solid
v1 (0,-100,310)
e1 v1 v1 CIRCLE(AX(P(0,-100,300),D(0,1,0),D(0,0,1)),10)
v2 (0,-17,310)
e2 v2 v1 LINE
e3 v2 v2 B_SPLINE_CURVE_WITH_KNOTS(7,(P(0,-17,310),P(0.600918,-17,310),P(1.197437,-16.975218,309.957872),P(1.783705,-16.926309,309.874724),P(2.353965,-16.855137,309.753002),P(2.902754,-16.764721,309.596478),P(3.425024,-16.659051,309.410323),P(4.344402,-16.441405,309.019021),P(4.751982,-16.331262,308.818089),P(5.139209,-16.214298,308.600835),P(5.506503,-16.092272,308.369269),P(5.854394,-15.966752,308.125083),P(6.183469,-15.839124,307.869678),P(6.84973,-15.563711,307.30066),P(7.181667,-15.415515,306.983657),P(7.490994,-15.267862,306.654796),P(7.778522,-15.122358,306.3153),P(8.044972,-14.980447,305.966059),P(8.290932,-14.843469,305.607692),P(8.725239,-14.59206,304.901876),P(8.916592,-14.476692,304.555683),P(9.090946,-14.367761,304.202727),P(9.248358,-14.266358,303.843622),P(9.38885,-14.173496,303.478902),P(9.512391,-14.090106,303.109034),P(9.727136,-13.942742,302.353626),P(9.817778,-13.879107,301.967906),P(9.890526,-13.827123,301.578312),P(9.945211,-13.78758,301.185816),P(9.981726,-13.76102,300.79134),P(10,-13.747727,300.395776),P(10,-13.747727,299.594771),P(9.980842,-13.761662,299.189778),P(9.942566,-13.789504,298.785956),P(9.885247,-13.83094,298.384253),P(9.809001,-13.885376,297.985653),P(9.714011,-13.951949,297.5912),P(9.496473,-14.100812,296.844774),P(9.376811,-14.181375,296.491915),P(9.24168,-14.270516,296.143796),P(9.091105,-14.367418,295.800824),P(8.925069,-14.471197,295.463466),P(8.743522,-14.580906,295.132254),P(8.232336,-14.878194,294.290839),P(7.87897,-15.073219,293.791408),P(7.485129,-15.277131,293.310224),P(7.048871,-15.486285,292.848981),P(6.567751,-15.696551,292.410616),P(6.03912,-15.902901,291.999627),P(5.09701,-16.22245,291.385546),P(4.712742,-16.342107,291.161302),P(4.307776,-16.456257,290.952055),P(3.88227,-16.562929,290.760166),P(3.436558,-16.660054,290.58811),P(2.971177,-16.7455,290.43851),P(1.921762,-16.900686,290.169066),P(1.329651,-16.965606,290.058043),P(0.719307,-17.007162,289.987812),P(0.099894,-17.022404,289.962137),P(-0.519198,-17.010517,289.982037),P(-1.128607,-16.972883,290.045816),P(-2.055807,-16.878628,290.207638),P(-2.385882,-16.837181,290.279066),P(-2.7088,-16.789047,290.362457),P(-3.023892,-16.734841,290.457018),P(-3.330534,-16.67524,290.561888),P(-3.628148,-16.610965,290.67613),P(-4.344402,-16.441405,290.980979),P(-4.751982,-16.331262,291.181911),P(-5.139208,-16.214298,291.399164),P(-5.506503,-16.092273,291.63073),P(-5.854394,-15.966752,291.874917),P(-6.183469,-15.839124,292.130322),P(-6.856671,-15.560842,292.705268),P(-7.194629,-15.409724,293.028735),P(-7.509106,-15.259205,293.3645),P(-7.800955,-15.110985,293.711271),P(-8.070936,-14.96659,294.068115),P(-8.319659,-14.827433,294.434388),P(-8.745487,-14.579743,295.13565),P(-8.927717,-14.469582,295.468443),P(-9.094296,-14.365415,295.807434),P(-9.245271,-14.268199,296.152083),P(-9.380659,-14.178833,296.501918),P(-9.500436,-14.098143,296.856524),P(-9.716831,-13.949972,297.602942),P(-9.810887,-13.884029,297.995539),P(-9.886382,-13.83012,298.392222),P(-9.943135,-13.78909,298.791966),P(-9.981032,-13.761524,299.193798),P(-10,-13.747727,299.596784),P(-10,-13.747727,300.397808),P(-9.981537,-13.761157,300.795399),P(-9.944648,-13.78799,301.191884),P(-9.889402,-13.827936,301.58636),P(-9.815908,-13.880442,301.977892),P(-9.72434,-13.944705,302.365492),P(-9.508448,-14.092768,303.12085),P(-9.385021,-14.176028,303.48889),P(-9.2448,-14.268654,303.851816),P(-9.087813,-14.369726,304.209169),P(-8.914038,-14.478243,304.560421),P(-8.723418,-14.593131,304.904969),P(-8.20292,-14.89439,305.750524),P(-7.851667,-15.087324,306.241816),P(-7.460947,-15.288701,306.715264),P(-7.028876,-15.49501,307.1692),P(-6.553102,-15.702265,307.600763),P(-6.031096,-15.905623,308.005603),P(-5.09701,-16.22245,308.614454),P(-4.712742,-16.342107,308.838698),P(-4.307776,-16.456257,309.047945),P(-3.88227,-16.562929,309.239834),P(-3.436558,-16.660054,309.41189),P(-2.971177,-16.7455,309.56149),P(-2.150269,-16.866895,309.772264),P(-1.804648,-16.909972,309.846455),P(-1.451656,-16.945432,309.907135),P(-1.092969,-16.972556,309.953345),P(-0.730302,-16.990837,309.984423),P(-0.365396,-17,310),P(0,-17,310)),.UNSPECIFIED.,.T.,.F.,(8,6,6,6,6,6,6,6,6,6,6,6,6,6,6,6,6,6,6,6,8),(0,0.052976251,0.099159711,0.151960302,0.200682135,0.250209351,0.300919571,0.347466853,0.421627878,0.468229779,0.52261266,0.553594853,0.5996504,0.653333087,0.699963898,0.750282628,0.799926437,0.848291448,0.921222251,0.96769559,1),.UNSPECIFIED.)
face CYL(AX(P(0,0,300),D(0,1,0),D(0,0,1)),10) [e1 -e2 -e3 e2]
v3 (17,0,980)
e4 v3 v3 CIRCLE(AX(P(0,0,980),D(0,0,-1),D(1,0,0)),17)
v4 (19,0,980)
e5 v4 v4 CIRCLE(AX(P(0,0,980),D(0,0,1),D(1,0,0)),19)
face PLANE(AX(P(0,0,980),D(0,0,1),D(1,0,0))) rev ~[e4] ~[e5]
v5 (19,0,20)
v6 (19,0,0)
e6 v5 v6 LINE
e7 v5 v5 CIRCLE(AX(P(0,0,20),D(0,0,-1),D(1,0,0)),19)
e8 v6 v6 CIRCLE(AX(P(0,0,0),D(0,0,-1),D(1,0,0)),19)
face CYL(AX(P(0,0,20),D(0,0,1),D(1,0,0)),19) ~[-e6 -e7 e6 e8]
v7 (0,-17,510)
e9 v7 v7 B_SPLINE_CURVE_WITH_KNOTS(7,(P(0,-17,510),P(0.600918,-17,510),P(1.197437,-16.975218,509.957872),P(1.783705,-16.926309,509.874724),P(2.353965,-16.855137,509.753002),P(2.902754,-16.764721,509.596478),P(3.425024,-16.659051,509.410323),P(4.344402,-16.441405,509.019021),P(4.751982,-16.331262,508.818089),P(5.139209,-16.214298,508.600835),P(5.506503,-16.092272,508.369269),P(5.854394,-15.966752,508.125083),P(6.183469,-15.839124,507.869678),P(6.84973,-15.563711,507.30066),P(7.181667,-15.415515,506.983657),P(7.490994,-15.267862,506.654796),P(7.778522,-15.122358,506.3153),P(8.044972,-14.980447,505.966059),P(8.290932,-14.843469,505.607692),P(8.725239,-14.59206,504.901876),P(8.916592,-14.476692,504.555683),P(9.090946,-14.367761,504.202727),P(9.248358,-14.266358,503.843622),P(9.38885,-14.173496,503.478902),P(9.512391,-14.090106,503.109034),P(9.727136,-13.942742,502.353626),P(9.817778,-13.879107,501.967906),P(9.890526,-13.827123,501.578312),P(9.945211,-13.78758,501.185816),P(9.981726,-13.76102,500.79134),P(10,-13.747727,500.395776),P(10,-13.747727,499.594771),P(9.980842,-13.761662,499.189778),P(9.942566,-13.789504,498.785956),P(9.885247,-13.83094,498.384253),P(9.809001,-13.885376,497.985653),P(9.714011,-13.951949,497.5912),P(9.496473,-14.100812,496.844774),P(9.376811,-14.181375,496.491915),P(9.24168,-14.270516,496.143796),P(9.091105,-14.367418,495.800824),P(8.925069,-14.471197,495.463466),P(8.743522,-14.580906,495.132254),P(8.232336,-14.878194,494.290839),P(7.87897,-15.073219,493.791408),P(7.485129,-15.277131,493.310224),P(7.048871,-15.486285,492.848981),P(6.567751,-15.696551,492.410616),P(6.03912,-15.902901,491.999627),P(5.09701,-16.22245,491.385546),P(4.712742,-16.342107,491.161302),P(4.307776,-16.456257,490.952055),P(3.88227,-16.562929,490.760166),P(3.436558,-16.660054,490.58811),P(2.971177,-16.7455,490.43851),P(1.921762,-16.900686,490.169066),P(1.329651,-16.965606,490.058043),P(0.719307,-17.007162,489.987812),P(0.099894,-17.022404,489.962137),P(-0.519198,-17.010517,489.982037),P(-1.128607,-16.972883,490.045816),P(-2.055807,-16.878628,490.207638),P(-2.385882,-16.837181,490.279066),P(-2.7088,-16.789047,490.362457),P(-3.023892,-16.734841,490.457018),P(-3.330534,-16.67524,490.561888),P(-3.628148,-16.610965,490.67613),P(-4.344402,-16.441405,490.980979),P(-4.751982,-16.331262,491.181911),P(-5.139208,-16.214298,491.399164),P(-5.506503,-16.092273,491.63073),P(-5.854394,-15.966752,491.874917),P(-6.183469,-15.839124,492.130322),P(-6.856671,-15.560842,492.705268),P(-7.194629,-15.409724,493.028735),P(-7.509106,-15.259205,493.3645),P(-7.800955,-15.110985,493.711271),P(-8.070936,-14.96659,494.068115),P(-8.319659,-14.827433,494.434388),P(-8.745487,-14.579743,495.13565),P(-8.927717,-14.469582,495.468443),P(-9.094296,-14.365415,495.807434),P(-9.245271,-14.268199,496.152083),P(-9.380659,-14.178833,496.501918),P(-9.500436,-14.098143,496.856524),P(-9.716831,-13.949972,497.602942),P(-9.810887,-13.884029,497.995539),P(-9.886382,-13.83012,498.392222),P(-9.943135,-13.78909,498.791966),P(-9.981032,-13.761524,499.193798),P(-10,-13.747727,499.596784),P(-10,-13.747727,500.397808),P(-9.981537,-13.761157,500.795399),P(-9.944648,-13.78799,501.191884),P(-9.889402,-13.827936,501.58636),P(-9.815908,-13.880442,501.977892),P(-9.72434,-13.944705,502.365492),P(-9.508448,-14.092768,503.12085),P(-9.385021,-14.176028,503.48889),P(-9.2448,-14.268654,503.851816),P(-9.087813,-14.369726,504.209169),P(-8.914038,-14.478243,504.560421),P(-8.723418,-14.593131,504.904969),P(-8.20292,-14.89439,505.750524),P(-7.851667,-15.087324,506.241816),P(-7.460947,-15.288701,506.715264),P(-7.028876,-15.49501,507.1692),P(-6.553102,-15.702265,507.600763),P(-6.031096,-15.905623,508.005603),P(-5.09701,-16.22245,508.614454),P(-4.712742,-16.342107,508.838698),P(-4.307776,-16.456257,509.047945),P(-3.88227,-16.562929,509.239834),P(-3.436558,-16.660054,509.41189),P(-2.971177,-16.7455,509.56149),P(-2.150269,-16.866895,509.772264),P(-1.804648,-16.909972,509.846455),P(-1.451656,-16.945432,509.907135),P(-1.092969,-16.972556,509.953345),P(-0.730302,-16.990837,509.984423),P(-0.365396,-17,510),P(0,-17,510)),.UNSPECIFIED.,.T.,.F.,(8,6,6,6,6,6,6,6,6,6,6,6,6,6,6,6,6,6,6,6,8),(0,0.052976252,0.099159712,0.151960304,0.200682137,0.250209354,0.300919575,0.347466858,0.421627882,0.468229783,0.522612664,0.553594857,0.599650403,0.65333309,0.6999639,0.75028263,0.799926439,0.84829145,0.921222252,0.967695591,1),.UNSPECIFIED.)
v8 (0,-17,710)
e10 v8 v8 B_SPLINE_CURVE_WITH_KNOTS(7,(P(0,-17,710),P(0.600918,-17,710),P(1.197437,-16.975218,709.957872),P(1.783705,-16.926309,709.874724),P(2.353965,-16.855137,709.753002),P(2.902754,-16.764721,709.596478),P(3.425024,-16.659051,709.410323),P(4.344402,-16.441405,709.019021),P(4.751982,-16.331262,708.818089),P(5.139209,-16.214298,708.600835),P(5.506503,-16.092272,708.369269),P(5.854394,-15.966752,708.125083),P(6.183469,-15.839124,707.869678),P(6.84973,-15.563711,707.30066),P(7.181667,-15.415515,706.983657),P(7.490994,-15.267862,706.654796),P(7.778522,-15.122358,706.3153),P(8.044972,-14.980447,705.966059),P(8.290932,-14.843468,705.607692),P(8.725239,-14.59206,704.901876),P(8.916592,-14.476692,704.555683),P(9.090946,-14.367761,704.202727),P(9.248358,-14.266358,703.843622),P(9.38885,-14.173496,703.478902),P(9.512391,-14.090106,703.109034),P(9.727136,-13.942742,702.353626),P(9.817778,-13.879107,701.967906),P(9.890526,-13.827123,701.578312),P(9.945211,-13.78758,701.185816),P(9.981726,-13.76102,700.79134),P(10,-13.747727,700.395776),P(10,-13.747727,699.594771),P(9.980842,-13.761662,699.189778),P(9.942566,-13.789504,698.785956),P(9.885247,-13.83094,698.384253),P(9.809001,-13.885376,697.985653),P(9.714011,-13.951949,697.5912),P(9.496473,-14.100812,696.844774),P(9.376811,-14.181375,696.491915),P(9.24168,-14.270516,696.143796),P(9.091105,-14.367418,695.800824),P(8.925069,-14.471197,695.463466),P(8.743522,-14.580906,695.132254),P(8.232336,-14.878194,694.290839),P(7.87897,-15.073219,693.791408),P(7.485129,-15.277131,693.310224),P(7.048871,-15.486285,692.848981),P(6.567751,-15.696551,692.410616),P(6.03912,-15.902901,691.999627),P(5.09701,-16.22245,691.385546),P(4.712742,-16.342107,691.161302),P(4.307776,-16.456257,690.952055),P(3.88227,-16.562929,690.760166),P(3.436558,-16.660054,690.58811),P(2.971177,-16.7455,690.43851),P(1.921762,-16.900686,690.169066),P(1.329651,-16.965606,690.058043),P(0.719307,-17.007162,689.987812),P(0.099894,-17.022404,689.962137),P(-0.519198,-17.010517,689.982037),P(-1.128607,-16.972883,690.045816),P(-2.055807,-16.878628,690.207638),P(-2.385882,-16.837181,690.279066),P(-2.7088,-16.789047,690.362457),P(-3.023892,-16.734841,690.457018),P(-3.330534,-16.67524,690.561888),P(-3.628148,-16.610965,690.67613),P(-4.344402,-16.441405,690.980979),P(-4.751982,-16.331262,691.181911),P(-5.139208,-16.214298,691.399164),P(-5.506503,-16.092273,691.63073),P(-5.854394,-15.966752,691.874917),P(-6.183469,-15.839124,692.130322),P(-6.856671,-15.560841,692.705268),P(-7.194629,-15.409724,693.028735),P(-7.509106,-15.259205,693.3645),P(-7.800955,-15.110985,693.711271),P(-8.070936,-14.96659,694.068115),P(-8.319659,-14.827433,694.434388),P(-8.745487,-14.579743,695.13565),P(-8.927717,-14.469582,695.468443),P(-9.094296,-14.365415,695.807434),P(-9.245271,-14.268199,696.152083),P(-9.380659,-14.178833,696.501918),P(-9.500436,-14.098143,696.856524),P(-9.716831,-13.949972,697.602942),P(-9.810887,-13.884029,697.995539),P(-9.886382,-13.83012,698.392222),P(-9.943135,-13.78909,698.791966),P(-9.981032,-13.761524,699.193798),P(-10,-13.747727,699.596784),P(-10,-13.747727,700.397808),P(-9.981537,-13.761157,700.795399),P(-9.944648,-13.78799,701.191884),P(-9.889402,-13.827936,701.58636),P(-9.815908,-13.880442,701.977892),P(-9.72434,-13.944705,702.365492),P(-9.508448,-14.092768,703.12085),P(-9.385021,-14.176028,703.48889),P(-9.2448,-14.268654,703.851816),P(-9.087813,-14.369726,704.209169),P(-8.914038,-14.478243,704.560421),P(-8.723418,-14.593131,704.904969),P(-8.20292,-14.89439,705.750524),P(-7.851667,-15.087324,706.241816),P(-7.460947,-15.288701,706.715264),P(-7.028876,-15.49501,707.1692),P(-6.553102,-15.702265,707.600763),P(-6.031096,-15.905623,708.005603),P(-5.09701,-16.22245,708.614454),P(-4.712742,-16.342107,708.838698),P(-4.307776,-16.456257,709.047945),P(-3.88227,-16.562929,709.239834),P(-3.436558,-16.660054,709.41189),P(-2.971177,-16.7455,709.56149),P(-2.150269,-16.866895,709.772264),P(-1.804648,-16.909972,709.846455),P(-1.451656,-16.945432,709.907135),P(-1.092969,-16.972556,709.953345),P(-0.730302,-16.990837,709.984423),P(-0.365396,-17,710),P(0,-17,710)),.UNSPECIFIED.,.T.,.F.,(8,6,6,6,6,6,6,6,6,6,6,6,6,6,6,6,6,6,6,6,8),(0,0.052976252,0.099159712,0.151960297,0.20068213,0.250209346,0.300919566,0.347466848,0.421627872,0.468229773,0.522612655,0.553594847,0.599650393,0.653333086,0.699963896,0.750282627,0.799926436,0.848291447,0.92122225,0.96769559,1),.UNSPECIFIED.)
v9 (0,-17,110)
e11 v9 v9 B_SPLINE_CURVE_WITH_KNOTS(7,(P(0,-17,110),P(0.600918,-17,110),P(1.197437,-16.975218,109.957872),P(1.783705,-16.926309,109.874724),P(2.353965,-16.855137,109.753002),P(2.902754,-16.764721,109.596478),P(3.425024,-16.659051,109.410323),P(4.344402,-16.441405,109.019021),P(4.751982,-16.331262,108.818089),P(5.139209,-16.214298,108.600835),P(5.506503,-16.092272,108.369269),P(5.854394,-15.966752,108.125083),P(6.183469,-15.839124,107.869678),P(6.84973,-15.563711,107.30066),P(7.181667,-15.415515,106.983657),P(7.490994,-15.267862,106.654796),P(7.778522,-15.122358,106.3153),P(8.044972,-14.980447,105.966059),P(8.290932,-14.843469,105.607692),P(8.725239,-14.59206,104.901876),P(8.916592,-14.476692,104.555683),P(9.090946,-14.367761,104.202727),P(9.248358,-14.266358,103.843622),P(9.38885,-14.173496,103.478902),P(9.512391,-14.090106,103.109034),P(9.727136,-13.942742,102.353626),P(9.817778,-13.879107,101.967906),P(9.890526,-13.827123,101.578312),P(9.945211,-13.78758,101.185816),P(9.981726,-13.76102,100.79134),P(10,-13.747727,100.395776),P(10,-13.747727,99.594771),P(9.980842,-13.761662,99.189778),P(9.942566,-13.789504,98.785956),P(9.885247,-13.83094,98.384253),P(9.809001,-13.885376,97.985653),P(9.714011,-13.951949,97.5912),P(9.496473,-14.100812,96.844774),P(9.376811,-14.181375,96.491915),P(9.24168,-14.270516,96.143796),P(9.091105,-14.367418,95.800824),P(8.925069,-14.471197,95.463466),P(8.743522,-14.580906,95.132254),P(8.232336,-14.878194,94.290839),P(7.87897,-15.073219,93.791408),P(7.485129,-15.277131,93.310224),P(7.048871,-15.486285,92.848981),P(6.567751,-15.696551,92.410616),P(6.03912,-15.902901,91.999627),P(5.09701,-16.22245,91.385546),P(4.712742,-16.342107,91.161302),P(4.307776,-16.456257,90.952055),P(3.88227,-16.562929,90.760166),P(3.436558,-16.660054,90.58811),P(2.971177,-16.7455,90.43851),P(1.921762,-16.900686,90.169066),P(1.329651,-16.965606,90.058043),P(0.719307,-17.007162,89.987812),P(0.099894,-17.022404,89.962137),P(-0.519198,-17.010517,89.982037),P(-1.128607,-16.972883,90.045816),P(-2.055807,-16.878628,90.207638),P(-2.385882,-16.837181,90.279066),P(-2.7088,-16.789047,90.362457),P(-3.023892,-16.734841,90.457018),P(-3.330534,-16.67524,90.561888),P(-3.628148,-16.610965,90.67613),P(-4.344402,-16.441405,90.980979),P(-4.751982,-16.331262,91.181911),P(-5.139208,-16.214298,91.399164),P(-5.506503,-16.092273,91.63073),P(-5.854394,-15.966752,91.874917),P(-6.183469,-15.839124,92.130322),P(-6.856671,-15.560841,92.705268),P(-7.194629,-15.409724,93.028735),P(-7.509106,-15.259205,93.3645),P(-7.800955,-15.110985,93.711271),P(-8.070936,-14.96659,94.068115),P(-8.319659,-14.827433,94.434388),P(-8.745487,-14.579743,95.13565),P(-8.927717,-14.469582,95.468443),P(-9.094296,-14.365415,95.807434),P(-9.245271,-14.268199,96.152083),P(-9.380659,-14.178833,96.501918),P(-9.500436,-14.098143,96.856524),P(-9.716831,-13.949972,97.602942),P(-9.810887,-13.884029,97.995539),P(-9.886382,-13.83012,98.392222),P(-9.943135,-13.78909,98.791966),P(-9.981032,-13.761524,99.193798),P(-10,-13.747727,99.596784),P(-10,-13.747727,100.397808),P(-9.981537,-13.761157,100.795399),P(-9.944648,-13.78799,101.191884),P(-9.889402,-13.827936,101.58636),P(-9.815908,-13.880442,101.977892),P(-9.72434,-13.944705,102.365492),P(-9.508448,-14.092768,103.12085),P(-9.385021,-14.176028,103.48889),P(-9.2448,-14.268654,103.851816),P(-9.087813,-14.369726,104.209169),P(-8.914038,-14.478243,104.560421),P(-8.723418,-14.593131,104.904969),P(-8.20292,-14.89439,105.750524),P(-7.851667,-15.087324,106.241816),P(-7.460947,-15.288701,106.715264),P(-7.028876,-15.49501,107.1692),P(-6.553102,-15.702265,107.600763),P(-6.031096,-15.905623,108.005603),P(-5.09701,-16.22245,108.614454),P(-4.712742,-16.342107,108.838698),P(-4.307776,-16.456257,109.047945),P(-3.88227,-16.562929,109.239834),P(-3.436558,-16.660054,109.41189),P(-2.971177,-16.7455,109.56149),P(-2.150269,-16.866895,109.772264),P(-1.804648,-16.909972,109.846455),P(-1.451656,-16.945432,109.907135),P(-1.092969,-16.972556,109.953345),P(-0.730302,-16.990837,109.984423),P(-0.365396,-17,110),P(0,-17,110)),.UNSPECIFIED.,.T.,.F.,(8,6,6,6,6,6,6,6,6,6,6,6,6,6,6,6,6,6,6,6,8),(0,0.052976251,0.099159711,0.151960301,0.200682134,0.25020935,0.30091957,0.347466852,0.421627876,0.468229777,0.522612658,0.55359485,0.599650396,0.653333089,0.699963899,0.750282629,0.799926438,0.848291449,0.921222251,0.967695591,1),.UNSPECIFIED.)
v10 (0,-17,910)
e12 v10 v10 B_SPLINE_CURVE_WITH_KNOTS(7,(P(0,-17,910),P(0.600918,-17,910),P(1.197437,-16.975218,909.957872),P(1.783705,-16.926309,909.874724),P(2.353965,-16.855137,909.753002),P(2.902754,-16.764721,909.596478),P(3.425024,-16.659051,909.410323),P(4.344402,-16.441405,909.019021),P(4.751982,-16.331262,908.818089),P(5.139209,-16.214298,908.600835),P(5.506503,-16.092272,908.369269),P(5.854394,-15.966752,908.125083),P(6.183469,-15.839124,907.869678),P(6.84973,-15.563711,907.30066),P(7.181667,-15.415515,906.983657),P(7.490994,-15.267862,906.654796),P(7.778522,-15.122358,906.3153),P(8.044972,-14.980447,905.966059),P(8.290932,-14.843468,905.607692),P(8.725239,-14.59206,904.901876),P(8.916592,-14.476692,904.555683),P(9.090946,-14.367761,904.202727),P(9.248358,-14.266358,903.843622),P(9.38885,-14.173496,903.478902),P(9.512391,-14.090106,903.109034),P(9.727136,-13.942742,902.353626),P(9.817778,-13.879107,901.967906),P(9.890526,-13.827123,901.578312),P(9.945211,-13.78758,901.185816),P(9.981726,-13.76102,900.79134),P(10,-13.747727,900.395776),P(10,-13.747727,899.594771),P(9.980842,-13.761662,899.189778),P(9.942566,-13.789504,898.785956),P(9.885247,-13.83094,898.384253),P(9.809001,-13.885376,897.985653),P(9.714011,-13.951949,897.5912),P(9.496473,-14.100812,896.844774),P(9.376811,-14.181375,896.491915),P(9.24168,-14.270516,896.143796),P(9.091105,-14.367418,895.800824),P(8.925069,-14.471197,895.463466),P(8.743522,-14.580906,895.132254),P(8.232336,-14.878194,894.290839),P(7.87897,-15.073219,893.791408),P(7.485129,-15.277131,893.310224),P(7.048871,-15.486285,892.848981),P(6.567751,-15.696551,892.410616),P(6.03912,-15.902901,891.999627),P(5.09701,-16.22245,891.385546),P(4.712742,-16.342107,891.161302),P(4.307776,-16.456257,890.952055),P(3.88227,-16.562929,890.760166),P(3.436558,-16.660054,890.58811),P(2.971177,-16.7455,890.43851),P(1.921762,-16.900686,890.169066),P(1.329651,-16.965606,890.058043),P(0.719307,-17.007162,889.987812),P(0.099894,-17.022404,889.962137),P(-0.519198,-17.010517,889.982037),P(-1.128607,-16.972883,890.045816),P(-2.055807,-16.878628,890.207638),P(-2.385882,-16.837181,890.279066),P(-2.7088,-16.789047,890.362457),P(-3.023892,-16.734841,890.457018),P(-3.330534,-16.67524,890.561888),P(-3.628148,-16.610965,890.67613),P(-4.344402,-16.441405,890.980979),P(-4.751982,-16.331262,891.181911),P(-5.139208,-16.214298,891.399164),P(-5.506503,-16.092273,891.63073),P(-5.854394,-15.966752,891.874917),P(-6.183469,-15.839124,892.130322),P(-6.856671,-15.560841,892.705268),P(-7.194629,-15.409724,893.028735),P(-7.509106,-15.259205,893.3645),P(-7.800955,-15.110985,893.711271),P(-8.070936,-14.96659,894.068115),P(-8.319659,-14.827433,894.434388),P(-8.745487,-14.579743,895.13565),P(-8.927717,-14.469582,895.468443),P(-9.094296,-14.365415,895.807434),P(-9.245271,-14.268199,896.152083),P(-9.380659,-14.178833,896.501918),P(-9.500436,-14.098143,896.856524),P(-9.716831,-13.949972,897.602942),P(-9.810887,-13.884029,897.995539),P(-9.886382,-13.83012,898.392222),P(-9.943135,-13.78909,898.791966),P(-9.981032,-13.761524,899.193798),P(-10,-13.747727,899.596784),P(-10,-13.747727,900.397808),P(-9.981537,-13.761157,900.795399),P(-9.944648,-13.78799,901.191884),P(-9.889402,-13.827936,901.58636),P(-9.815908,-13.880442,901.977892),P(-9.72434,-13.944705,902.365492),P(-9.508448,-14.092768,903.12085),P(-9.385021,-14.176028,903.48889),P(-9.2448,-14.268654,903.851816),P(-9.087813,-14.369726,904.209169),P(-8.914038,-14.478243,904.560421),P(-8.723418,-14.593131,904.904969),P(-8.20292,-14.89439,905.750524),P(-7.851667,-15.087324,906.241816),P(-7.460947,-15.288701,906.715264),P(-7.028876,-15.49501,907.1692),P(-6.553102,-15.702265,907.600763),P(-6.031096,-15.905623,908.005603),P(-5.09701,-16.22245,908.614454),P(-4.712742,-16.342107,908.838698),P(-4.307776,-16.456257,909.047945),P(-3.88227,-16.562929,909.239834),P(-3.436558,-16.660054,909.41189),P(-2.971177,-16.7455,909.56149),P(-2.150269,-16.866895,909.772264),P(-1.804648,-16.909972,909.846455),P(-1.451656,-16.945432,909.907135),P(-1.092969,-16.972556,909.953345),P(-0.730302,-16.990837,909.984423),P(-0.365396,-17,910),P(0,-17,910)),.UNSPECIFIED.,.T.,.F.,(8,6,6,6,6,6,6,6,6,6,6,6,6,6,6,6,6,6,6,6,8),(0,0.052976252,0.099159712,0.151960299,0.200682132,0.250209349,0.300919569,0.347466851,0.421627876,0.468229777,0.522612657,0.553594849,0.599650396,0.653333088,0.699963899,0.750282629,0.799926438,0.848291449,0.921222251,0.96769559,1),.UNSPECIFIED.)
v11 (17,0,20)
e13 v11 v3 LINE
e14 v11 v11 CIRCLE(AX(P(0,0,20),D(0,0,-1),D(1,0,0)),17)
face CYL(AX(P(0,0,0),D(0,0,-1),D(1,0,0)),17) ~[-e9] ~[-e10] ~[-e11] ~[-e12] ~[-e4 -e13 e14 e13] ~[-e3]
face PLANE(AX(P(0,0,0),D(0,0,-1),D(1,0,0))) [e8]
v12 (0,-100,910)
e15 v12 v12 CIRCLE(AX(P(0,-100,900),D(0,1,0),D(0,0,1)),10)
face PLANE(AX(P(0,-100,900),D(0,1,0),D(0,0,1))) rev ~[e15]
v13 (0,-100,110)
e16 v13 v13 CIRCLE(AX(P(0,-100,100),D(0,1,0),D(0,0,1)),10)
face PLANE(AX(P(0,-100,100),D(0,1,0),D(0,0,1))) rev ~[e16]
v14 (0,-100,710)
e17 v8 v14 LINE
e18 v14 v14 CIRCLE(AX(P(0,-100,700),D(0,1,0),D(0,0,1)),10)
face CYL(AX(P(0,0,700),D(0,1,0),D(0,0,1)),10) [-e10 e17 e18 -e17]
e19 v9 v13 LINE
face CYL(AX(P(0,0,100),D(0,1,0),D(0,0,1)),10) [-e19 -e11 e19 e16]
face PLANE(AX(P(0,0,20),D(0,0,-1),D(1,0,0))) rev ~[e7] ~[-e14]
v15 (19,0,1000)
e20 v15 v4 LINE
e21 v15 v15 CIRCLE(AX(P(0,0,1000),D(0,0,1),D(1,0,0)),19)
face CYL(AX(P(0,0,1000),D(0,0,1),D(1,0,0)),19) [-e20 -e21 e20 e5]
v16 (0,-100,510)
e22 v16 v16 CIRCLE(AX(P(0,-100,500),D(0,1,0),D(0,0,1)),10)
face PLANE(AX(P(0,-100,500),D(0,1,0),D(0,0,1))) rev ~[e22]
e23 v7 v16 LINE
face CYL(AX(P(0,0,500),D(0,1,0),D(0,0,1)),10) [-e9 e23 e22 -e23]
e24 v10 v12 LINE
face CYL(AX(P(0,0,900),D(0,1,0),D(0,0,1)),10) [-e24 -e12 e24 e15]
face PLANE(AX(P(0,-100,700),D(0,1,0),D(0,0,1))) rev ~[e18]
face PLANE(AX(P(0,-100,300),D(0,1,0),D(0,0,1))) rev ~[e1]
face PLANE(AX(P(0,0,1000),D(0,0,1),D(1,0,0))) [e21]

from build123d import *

# Parameters (mm, degrees)
SKETCH1_R           = 17
BOSS_EXTRUDE1_DEPTH = 1000
SKETCH2_R           = 19
BOSS_EXTRUDE2_DEPTH = 20
BOSS_EXTRUDE3_START = -20
SKETCH3_R           = 19
BOSS_EXTRUDE3_DEPTH = 20
SKETCH4_R           = 10
BOSS_EXTRUDE4_DEPTH = 100


with BuildPart() as part:
    # Sketch1 → Boss-Extrude1 (new body)
    with BuildSketch(Plane.XY):
        Circle(SKETCH1_R)
    extrude(amount=BOSS_EXTRUDE1_DEPTH)

    # Sketch2 → Boss-Extrude2 (add)
    with BuildSketch(Plane.XY.offset(1000)):
        Circle(SKETCH2_R)
    extrude(amount=-BOSS_EXTRUDE2_DEPTH)

    # Sketch3 → Boss-Extrude3 (add)
    with BuildSketch(Plane(origin=(0, 0, 0), x_dir=(-1, 0, 0), z_dir=(0, 0, -1)).offset(BOSS_EXTRUDE3_START)):
        with Locations(Location((0, 0, 0), (0, 0, 180))):
            Circle(SKETCH3_R)
    extrude(amount=BOSS_EXTRUDE3_DEPTH)

    # Sketch4 → Boss-Extrude4 (add)
    with BuildSketch(Plane(origin=(0, 0, 0), x_dir=(1, 0, 0), z_dir=(0, 1, 0))):
        with Locations(Location((0, -500, 0), (0, 0, 270))):
            Circle(SKETCH4_R)
        with Locations(Location((0, -300, 0), (0, 0, 270))):
            Circle(SKETCH4_R)
        with Locations(Location((0, -100, 0), (0, 0, 270))):
            Circle(SKETCH4_R)
        with Locations(Location((0, -700, 0), (0, 0, 270))):
            Circle(SKETCH4_R)
        with Locations(Location((0, -900, 0), (0, 0, 270))):
            Circle(SKETCH4_R)
    extrude(amount=-BOSS_EXTRUDE4_DEPTH)


solid = part.part
